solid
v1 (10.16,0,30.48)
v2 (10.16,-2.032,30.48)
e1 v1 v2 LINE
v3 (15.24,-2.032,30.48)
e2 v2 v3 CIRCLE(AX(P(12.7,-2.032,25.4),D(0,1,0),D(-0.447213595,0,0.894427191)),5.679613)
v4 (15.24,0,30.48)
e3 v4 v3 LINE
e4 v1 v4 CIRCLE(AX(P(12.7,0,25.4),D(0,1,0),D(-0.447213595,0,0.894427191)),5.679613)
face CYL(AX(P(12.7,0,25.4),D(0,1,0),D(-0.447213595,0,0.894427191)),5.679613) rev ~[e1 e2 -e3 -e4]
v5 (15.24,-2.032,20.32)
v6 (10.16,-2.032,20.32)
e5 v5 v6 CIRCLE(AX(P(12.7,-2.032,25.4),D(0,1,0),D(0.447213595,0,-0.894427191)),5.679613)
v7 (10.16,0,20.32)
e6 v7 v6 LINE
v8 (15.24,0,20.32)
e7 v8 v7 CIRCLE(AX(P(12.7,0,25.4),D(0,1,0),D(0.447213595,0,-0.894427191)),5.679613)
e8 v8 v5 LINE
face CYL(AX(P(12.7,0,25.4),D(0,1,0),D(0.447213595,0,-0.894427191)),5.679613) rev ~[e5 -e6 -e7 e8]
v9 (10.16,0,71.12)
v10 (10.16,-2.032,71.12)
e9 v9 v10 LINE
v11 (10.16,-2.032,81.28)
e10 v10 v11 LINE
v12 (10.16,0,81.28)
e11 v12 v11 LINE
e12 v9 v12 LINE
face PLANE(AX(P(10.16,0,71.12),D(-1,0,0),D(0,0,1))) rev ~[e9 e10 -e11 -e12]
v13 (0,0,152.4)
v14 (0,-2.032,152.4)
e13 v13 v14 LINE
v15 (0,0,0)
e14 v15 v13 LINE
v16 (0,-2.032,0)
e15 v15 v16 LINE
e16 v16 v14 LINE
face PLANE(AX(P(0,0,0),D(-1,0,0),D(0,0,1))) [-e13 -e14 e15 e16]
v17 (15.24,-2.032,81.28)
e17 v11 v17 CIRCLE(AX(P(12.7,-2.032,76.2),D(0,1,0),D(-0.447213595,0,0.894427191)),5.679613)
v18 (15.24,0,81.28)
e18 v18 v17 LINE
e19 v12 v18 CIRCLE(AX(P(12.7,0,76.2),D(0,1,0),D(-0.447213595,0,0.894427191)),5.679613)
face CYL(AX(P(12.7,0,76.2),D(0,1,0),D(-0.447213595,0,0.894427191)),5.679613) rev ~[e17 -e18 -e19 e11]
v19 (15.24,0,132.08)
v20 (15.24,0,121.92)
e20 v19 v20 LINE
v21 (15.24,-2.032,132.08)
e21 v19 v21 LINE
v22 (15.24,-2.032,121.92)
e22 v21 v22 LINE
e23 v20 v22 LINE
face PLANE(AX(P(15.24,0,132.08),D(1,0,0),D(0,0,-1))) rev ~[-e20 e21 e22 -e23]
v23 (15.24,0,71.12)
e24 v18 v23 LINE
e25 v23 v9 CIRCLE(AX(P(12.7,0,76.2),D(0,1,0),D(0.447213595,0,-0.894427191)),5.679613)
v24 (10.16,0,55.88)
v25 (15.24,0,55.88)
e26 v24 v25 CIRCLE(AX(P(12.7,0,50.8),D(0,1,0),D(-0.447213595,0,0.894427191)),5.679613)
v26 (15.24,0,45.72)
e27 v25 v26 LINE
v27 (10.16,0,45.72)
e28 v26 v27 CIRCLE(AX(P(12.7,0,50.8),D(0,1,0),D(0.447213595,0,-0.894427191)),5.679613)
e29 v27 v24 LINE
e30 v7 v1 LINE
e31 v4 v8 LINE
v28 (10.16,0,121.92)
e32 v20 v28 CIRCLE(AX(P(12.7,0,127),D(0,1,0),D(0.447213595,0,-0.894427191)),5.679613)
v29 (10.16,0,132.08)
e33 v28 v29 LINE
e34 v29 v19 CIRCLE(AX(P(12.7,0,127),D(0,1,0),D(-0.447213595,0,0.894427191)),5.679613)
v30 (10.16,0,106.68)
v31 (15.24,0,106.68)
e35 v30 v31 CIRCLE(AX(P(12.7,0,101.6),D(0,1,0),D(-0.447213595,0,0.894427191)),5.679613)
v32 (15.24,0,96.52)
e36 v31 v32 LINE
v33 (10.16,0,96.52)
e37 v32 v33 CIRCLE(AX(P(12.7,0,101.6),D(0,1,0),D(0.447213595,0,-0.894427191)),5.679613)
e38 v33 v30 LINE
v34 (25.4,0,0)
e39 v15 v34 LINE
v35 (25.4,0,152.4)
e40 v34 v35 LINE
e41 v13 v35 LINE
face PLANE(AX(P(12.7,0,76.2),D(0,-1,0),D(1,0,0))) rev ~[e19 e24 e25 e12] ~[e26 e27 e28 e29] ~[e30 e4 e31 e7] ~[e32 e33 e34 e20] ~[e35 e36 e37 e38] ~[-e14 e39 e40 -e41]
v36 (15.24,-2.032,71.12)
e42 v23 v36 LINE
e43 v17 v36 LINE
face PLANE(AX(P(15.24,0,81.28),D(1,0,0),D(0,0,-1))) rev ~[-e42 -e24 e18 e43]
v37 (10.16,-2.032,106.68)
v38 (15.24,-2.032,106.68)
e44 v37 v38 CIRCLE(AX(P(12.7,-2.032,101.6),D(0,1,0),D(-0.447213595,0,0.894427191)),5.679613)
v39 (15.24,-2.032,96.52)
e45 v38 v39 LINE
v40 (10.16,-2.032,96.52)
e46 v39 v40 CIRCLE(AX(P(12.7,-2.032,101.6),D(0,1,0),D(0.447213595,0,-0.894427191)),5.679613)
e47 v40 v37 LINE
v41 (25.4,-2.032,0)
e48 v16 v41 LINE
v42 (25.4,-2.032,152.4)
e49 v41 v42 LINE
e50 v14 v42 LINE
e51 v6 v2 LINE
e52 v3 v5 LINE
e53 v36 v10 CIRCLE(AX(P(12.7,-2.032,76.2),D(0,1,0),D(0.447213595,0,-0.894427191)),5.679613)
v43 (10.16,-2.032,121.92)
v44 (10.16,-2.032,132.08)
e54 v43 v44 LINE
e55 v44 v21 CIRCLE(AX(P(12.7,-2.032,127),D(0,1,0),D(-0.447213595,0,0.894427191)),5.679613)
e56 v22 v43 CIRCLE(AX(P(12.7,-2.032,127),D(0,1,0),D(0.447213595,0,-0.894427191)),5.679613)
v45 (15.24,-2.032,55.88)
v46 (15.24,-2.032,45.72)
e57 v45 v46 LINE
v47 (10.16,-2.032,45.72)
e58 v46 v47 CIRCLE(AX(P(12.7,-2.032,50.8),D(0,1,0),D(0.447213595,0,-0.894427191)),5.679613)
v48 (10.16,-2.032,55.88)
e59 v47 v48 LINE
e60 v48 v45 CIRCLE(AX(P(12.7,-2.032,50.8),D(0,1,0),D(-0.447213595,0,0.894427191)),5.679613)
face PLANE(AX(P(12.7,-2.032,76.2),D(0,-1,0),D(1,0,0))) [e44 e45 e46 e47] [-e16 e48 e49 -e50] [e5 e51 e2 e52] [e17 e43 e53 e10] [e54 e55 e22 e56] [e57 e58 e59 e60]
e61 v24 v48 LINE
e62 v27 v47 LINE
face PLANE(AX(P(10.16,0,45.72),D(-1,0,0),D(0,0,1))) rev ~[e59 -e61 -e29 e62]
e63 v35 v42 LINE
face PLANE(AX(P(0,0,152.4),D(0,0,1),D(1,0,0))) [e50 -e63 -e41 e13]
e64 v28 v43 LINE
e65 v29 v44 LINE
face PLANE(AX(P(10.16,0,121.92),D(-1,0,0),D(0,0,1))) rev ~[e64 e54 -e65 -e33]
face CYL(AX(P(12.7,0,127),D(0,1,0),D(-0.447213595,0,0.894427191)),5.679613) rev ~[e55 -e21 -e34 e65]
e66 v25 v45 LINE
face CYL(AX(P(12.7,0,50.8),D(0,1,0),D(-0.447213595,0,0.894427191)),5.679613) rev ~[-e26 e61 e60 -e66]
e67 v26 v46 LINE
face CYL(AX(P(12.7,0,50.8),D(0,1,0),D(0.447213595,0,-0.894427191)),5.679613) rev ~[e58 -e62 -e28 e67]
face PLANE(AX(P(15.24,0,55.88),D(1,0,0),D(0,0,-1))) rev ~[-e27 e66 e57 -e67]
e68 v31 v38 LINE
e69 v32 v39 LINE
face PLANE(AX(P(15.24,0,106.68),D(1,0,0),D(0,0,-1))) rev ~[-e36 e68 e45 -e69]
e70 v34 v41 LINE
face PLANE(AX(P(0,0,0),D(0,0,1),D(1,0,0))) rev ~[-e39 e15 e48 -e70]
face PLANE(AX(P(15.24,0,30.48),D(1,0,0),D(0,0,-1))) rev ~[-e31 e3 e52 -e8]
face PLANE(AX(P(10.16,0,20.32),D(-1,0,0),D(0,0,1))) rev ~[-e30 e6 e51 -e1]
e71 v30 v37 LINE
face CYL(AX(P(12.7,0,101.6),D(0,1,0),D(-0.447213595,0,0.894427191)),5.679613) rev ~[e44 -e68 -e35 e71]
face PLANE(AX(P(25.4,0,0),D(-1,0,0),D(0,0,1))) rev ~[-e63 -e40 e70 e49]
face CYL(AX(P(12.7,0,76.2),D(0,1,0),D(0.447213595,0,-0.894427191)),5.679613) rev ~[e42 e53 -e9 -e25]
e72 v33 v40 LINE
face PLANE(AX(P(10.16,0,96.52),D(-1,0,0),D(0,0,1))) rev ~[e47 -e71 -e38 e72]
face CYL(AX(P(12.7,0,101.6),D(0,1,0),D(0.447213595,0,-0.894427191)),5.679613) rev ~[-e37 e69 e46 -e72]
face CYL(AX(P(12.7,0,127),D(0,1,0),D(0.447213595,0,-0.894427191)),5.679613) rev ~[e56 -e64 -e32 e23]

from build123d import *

# Parameters (mm, degrees)
F0_W     = 25.4
F0_H     = 152.4
F1_DEPTH = 2.032


with BuildPart() as f1:
    # F0 (on Front) → F1 (new body)
    with BuildSketch(Plane.XZ):
        with Locations((12.7, 76.2)):
            Rectangle(F0_W, F0_H)
        with BuildLine():
            ThreePointArc((10.16, 30.48), (12.7, 31.0796126628), (15.24, 30.48))
            Line((15.24, 30.48), (15.24, 20.32))
            ThreePointArc((15.24, 20.32), (12.7, 19.7203873372), (10.16, 20.32))
            Line((10.16, 20.32), (10.16, 30.48))
        make_face(mode=Mode.SUBTRACT)
        with BuildLine():
            ThreePointArc((10.16, 55.88), (12.7, 56.4796126628), (15.24, 55.88))
            Line((15.24, 55.88), (15.24, 45.72))
            ThreePointArc((15.24, 45.72), (12.7, 45.1203873372), (10.16, 45.72))
            Line((10.16, 45.72), (10.16, 55.88))
        make_face(mode=Mode.SUBTRACT)
        with BuildLine():
            ThreePointArc((10.16, 81.28), (12.7, 81.8796126628), (15.24, 81.28))
            Line((15.24, 81.28), (15.24, 71.12))
            ThreePointArc((15.24, 71.12), (12.7, 70.5203873372), (10.16, 71.12))
            Line((10.16, 71.12), (10.16, 81.28))
        make_face(mode=Mode.SUBTRACT)
        with BuildLine():
            ThreePointArc((10.16, 106.68), (12.7, 107.2796126628), (15.24, 106.68))
            Line((15.24, 106.68), (15.24, 96.52))
            ThreePointArc((15.24, 96.52), (12.7, 95.9203873372), (10.16, 96.52))
            Line((10.16, 96.52), (10.16, 106.68))
        make_face(mode=Mode.SUBTRACT)
        with BuildLine():
            ThreePointArc((10.16, 132.08), (12.7, 132.6796126628), (15.24, 132.08))
            Line((15.24, 132.08), (15.24, 121.92))
            ThreePointArc((15.24, 121.92), (12.7, 121.3203873372), (10.16, 121.92))
            Line((10.16, 121.92), (10.16, 132.08))
        make_face(mode=Mode.SUBTRACT)
    extrude(amount=F1_DEPTH)


solid = f1.part
